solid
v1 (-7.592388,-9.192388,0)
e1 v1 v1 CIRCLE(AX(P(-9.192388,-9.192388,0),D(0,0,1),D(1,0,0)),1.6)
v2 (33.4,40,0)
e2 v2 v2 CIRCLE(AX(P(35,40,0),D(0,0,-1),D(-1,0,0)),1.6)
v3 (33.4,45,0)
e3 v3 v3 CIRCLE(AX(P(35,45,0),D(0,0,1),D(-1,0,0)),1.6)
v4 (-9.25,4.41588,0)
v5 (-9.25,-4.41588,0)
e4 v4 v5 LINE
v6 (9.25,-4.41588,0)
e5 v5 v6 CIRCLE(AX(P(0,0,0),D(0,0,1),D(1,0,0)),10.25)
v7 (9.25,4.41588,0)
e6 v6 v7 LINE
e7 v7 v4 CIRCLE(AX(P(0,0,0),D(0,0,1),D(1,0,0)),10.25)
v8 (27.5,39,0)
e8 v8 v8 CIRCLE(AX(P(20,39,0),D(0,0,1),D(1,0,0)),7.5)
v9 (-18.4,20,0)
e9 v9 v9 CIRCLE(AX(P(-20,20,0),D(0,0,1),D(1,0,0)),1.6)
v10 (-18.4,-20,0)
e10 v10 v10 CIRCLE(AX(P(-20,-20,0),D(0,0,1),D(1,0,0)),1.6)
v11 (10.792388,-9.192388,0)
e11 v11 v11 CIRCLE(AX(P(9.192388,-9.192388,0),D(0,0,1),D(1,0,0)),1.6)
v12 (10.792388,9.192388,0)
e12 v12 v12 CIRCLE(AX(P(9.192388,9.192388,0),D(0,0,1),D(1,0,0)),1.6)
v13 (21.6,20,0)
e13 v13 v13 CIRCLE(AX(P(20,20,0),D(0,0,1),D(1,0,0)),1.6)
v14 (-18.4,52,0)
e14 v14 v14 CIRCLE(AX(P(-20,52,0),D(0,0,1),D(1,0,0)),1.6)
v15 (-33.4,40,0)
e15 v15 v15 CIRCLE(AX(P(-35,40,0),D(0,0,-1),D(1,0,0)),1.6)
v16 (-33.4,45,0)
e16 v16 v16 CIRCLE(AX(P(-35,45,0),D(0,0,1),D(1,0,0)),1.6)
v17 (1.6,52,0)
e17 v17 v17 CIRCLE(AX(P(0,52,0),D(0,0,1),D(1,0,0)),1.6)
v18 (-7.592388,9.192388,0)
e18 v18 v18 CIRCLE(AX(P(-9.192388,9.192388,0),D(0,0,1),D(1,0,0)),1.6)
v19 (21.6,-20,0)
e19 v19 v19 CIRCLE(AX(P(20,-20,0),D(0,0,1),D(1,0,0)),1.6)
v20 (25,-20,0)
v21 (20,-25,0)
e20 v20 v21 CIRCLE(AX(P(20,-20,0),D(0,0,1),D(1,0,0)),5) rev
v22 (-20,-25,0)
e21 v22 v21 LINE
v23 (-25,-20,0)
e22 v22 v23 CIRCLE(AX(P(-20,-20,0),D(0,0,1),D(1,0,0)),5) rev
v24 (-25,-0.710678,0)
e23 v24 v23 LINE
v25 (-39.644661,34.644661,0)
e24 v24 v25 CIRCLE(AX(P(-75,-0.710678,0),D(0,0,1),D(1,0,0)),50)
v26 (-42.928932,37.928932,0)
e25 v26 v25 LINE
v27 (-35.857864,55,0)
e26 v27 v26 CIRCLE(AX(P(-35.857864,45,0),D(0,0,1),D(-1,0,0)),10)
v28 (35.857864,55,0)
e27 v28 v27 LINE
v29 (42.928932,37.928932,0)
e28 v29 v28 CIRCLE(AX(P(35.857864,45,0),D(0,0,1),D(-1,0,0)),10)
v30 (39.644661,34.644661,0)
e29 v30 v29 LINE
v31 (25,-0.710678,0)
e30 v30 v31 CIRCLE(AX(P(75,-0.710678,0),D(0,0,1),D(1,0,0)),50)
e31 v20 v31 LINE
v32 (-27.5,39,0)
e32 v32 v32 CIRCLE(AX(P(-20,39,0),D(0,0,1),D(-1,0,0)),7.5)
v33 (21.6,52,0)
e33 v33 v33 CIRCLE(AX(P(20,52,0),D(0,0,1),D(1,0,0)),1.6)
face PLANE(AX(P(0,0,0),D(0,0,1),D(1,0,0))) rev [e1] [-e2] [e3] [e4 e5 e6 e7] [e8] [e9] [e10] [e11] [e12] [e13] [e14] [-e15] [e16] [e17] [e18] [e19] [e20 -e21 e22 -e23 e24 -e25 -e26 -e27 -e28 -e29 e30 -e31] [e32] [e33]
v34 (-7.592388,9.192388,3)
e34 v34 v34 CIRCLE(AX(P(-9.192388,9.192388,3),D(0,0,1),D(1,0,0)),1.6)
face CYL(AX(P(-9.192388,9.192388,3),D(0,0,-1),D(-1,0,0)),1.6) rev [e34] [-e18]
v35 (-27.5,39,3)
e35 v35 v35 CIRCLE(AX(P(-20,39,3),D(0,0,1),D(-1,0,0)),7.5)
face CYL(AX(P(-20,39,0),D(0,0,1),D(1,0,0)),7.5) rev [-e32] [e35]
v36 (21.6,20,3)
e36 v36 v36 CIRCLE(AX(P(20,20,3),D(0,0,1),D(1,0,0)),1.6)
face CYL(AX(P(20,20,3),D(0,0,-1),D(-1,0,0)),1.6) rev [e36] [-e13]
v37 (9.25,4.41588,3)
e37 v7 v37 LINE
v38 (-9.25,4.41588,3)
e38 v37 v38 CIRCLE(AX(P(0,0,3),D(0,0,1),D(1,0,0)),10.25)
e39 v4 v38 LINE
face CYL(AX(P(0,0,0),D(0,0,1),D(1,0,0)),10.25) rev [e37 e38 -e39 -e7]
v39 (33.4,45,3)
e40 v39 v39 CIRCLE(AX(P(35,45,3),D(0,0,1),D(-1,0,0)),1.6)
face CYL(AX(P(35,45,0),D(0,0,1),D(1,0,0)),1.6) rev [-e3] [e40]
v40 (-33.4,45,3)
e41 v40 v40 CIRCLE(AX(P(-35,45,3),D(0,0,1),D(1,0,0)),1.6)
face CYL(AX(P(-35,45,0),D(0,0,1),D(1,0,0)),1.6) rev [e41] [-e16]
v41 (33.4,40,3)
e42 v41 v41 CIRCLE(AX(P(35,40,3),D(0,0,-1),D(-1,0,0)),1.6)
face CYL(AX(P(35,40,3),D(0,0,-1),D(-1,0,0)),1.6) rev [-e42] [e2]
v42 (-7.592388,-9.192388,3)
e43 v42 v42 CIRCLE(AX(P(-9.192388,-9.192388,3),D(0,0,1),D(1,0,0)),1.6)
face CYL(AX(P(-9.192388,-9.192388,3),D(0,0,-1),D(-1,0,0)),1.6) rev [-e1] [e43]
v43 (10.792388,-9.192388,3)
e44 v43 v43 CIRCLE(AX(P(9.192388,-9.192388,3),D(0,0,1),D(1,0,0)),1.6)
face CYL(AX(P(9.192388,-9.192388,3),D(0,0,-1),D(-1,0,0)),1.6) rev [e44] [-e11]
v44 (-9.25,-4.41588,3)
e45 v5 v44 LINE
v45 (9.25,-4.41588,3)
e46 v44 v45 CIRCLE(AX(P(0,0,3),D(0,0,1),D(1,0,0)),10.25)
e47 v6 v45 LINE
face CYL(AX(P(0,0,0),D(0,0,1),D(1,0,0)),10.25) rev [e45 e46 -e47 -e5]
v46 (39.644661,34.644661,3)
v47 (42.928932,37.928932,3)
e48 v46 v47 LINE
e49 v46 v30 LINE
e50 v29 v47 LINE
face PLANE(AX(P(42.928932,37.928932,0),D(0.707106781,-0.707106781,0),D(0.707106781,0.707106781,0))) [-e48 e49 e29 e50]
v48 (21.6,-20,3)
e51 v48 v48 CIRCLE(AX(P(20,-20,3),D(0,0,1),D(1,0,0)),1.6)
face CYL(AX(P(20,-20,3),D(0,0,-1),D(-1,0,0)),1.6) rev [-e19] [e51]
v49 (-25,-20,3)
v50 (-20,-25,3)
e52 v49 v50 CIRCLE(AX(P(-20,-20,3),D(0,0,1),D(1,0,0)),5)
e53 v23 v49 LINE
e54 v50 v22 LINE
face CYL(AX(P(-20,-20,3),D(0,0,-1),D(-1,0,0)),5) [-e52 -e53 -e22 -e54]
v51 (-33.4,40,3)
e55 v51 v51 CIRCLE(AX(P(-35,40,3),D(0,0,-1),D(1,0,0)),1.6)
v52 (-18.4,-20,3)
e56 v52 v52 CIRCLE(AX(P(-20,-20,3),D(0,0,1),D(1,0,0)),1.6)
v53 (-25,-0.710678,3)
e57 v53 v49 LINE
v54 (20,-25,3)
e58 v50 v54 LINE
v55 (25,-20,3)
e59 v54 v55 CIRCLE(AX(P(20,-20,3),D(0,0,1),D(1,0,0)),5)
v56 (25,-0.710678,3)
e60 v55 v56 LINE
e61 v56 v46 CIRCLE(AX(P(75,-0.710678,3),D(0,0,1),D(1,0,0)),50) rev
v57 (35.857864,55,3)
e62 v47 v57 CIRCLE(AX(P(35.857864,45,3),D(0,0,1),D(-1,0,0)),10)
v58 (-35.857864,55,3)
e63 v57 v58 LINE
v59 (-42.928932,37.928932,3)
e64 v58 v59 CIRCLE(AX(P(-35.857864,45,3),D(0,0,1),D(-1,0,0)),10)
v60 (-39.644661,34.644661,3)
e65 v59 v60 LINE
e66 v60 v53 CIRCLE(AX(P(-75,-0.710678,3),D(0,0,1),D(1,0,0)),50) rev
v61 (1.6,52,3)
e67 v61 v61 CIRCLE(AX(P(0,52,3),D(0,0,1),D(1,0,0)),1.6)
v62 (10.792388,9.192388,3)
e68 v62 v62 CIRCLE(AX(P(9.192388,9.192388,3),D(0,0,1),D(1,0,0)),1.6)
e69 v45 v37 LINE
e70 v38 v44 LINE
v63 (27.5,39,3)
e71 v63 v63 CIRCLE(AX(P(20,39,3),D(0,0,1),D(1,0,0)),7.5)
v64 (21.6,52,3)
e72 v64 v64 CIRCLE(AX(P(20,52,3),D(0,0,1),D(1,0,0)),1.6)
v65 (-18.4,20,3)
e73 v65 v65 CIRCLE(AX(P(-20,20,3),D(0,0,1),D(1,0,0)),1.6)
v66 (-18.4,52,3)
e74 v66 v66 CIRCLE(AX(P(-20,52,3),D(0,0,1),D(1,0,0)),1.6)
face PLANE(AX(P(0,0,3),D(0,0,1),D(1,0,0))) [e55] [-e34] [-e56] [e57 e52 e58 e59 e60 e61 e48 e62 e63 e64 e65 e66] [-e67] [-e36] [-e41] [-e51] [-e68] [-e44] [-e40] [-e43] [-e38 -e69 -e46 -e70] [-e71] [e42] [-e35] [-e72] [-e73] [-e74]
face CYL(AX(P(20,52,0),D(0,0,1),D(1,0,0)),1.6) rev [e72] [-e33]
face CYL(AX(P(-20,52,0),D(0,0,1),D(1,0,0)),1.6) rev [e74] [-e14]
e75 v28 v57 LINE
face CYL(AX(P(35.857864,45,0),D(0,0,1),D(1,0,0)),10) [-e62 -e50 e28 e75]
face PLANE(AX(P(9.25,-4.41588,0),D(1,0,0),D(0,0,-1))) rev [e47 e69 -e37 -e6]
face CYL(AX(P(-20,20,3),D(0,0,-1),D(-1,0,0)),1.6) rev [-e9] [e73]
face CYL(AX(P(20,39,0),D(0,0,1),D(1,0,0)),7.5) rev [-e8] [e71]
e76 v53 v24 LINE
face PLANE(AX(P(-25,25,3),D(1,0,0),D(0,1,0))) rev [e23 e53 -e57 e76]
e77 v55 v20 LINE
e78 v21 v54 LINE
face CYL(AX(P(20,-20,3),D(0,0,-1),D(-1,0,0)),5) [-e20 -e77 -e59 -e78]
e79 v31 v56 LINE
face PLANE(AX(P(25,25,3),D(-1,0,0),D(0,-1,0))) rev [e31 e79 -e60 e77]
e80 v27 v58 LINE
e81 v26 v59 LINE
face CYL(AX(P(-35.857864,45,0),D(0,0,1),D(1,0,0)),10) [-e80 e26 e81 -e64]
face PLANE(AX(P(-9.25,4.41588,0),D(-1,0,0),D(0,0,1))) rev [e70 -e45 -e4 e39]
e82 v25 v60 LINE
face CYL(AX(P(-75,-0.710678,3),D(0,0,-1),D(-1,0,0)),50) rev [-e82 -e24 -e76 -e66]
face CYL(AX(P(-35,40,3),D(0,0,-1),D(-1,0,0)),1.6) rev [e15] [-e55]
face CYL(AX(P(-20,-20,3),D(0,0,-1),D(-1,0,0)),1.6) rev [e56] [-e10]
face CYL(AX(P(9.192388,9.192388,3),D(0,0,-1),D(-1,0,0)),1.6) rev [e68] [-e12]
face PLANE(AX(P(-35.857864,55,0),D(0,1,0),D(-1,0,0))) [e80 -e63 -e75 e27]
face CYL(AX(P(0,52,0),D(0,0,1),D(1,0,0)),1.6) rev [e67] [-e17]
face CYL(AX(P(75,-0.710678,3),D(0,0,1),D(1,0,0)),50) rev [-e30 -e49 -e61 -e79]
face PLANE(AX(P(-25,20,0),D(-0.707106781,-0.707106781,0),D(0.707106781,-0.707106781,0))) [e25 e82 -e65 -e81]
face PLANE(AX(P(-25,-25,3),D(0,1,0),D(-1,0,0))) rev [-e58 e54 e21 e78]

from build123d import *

# Parameters (mm, degrees)
SKETCH_1_W          = 50
SKETCH_1_H          = 50
SKETCH_1_R          = 1.6
EXTRUDE_1_DEPTH     = 3
FILLET_1_R          = 5
CUT_EXTRUDE_1_DEPTH = 36.482389998
EXTRUDE_2_DEPTH     = 3
FILLET_2_R          = 50
SKETCH_4_R          = 1.6
CUT_EXTRUDE_2_DEPTH = 72.672475366
SKETCH_5_R          = 7.5
CUT_EXTRUDE_3_DEPTH = 72.672475366
SKETCH_6_R          = 1.6
CUT_EXTRUDE_4_DEPTH = 72.672475366
SKETCH_7_R          = 1.6
CUT_EXTRUDE_5_DEPTH = 72.672475366


with BuildPart() as part:
    # ｽｹｯﾁ1 → ﾎﾞｽ - 押し出し1 (new body)
    with BuildSketch(Plane.XY):
        Rectangle(SKETCH_1_W, SKETCH_1_H)
        with Locations((-20, 20)):
            Circle(SKETCH_1_R, mode=Mode.SUBTRACT)
        with Locations((-9.192388155, 9.192388155)):
            Circle(SKETCH_1_R, mode=Mode.SUBTRACT)
        with Locations((9.192388155, 9.192388155)):
            Circle(SKETCH_1_R, mode=Mode.SUBTRACT)
        with Locations((20, 20)):
            Circle(SKETCH_1_R, mode=Mode.SUBTRACT)
        with Locations((9.192388155, -9.192388155)):
            Circle(SKETCH_1_R, mode=Mode.SUBTRACT)
        with Locations((20, -20)):
            Circle(SKETCH_1_R, mode=Mode.SUBTRACT)
        with Locations((-9.192388155, -9.192388155)):
            Circle(SKETCH_1_R, mode=Mode.SUBTRACT)
        with Locations((-20, -20)):
            Circle(SKETCH_1_R, mode=Mode.SUBTRACT)
    extrude(amount=EXTRUDE_1_DEPTH)

    # ﾌｨﾚｯﾄ1
    fillet_1_edges = [part.edges().sort_by_distance(p)[0] for p in [
        (25, -25, 1.5),
        (-25, -25, 1.5),
        (-25, 25, 1.5),
        (25, 25, 1.5),
    ]]
    fillet(fillet_1_edges, radius=FILLET_1_R)

    # ｽｹｯﾁ2 → ｶｯﾄ - 押し出し1 (cut, through all)
    with BuildSketch(Plane.XY.offset(3)):
        with BuildLine():
            Line((-9.25, 4.415880433), (-9.25, -4.415880433))
            ThreePointArc((-9.25, -4.415880433), (0, -10.25), (9.25, -4.415880433))
            Line((9.25, -4.415880433), (9.25, 4.415880433))
            ThreePointArc((9.25, 4.415880433), (0, 10.25), (-9.25, 4.415880433))
        make_face()
    extrude(amount=-CUT_EXTRUDE_1_DEPTH, mode=Mode.SUBTRACT)

    # ｽｹｯﾁ3 → ﾎﾞｽ - 押し出し2 (add, through all)
    with BuildSketch(Plane.XY.offset(3)):
        with BuildLine():
            Line((-25, 20), (-42.928932188, 37.928932188))
            ThreePointArc((-42.928932188, 37.928932188), (-45.096659701, 48.826834324), (-35.857864376, 55))
            Line((-35.857864376, 55), (35.857864376, 55))
            ThreePointArc((35.857864376, 55), (45.096659701, 48.826834324), (42.928932188, 37.928932188))
            Line((42.928932188, 37.928932188), (25, 20))
            ThreePointArc((25, 20), (23.535533906, 23.535533906), (20, 25))
            Line((20, 25), (-20, 25))
            ThreePointArc((-20, 25), (-23.535533906, 23.535533906), (-25, 20))
        make_face()
    extrude(amount=-EXTRUDE_2_DEPTH)

    # ﾌｨﾚｯﾄ2
    fillet_2_edges = [part.edges().sort_by_distance(p)[0] for p in [
        (25, 20, 1.5),
        (-25, 20, 1.5),
    ]]
    fillet(fillet_2_edges, radius=FILLET_2_R)

    # ｽｹｯﾁ4 → ｶｯﾄ - 押し出し2 (cut, through all)
    with BuildSketch(Plane.XY.offset(3)):
        with Locations((-35, 45)):
            Circle(SKETCH_4_R)
        with Locations(Location((35, 45, 0), (0, 0, 180))):
            Circle(SKETCH_4_R)
    extrude(amount=-CUT_EXTRUDE_2_DEPTH, mode=Mode.SUBTRACT)

    # ｽｹｯﾁ5 → ｶｯﾄ - 押し出し3 (cut, through all)
    with BuildSketch(Plane.XY.offset(3)):
        with Locations((20, 39)):
            Circle(SKETCH_5_R)
        with Locations(Location((-20, 39, 0), (0, 0, 180))):
            Circle(SKETCH_5_R)
    extrude(amount=-CUT_EXTRUDE_3_DEPTH, mode=Mode.SUBTRACT)

    # ｽｹｯﾁ6 → ｶｯﾄ - 押し出し4 (cut, through all)
    with BuildSketch(Plane(origin=(0, 0, 0), x_dir=(-1, 0, 0), z_dir=(0, 0, -1))):
        with Locations((-35, 40)):
            Circle(SKETCH_6_R)
        with Locations(Location((35, 40, 0), (0, 0, 180))):
            Circle(SKETCH_6_R)
    extrude(amount=-CUT_EXTRUDE_4_DEPTH, mode=Mode.SUBTRACT)

    # ｽｹｯﾁ7 → ｶｯﾄ - 押し出し5 (cut, through all)
    with BuildSketch(Plane.XY.offset(3)):
        with Locations((0, 52)):
            Circle(SKETCH_7_R)
        with Locations((20, 52)):
            Circle(SKETCH_7_R)
        with Locations((-20, 52)):
            Circle(SKETCH_7_R)
    extrude(amount=-CUT_EXTRUDE_5_DEPTH, mode=Mode.SUBTRACT)


solid = part.part
